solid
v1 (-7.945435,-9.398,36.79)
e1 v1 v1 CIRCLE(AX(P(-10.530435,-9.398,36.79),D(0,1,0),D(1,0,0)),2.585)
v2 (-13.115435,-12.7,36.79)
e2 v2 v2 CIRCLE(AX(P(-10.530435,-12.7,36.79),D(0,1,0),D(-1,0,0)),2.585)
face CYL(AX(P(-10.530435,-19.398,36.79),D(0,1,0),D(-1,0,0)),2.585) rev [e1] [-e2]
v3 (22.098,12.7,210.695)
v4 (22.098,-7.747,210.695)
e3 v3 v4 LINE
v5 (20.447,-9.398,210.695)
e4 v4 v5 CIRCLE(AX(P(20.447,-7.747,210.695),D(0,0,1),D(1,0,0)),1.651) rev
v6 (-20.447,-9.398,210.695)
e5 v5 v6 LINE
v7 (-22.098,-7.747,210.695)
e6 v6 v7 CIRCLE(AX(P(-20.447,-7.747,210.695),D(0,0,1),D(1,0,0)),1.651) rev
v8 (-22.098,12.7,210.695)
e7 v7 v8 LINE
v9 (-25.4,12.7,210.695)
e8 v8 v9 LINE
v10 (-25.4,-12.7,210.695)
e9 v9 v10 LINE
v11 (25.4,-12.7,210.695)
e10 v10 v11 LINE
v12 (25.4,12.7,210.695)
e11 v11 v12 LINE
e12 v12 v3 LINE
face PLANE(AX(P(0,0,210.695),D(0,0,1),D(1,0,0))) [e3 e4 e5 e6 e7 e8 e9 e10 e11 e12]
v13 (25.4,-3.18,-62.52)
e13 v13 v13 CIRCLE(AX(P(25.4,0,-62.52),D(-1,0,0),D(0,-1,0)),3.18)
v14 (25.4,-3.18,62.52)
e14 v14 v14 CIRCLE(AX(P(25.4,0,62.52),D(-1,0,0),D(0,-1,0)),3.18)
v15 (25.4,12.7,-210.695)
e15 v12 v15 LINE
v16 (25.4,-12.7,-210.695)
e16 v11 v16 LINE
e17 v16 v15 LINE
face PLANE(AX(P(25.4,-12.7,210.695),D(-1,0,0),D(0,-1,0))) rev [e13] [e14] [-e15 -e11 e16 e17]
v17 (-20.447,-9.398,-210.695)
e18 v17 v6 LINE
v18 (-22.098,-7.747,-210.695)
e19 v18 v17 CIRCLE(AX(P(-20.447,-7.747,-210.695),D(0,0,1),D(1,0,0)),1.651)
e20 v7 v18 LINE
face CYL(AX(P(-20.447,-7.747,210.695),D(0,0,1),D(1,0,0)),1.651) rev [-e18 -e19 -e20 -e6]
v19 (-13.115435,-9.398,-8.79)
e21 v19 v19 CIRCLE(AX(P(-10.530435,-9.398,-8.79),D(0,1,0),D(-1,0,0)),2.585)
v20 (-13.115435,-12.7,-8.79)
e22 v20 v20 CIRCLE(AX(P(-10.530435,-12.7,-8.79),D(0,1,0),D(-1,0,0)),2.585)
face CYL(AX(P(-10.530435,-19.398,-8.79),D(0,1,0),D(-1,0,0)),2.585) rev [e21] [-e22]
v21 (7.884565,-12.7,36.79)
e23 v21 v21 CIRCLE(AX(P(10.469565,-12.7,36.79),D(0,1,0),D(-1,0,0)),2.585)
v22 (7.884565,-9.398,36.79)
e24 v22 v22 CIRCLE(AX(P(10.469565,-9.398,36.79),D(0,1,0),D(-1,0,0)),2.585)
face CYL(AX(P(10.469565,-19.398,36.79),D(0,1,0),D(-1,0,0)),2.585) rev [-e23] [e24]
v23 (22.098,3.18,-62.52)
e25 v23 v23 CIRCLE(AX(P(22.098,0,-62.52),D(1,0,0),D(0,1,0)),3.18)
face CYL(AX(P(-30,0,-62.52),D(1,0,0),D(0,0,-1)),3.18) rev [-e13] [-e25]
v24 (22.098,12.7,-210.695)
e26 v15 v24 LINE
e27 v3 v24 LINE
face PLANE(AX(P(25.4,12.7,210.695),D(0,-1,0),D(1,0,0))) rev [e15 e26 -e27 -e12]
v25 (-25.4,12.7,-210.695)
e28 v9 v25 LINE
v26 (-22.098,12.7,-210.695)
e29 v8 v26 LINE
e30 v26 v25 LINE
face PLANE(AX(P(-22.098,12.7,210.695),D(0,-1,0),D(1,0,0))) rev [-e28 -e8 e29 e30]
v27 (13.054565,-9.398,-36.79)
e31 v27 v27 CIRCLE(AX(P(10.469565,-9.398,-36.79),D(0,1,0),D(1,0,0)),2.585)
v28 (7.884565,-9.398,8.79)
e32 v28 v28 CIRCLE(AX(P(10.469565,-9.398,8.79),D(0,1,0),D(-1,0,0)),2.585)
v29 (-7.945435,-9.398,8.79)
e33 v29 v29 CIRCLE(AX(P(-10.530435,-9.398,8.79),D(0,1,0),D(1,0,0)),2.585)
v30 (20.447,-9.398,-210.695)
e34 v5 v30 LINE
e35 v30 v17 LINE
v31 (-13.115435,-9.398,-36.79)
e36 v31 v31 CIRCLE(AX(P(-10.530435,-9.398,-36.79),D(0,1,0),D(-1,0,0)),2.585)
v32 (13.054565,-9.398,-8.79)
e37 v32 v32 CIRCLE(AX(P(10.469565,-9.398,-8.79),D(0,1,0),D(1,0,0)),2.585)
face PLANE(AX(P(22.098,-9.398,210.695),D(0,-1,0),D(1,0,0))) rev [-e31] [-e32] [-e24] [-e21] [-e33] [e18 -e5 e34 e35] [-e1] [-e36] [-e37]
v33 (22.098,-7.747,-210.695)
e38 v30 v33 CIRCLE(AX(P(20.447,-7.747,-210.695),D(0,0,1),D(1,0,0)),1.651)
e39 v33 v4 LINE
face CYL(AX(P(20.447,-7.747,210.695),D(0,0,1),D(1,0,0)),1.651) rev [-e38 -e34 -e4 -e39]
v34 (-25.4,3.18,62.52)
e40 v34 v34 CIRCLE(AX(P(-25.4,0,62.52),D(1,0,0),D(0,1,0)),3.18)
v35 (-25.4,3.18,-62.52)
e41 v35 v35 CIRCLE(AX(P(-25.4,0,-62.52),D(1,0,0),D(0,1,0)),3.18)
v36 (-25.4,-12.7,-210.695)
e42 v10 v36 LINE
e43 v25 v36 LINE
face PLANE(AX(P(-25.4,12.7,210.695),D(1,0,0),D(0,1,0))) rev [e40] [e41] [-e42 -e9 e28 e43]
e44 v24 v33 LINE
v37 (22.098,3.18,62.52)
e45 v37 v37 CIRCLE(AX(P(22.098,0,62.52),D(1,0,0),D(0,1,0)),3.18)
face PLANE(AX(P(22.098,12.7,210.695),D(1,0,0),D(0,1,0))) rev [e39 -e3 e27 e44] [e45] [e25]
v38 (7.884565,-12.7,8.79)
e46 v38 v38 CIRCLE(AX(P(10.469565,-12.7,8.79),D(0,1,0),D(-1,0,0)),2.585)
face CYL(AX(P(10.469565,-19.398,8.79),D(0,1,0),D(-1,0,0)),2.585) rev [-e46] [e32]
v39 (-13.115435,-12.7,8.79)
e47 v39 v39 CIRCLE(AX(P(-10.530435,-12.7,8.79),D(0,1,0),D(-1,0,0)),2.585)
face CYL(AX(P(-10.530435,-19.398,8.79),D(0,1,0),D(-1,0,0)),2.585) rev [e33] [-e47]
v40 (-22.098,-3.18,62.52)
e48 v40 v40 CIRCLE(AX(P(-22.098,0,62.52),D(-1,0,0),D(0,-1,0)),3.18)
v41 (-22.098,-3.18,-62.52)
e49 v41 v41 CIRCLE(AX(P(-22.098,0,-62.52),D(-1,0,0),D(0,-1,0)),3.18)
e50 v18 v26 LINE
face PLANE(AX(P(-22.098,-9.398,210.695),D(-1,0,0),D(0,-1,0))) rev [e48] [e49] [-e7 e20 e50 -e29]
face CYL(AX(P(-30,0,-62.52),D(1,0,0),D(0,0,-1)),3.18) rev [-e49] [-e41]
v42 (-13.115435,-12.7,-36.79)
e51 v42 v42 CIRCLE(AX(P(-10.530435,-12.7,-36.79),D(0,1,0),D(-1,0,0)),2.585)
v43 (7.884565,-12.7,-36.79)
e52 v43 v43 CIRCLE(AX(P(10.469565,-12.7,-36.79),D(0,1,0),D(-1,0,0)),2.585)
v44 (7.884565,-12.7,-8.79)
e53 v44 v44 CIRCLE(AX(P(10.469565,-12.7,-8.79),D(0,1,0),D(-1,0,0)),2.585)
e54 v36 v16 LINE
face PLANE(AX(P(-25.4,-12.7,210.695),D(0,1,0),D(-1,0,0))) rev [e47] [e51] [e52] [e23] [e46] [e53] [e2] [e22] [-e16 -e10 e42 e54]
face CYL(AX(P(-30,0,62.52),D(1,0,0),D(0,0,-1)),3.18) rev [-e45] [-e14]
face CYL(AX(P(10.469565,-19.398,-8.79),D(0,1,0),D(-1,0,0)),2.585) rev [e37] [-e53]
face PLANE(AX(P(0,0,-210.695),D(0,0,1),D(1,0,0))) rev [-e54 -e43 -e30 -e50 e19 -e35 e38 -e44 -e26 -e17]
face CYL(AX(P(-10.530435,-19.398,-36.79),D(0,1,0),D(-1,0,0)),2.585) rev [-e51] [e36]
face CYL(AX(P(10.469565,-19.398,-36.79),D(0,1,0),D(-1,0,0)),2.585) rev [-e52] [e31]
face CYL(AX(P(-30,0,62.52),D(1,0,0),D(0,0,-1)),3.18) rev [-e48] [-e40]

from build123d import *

# Parameters (mm, degrees)
BOSS_EXTRUDE1_DEPTH = 210.695
FILLET1_R           = 1.651
SKETCH4_R           = 2.585
CUT_EXTRUDE1_DEPTH  = 10
SKETCH9_R           = 3.18
CUT_EXTRUDE2_DEPTH  = 30


with BuildPart() as part:
    # Sketch3 → Boss-Extrude1 (new, symmetric)
    with BuildSketch(Plane.XY):
        Polygon((-25.4, 12.7), (-25.4, -12.7), (25.4, -12.7), (25.4, 12.7), (22.098, 12.7), (22.098, -9.398), (-22.098, -9.398), (-22.098, 12.7), align=None)
    extrude(amount=BOSS_EXTRUDE1_DEPTH, both=True)

    # Fillet1
    fillet1_edges = [part.edges().sort_by_distance(p)[0] for p in [
        (-22.098, -9.398, 0),
        (22.098, -9.398, 0),
    ]]
    fillet(fillet1_edges, radius=FILLET1_R)

    # Sketch4 → Cut-Extrude1 (cut)
    with BuildSketch(Plane(origin=(0, -9.398, 0), x_dir=(1, 0, 0), z_dir=(0, 1, 0))):
        with Locations(Location((-10.530435142, 8.79, 0), (0, 0, 180))):
            Circle(SKETCH4_R)
        with Locations(Location((10.469564858, 8.79, 0), (0, 0, 180))):
            Circle(SKETCH4_R)
        with Locations(Location((-10.530435142, 36.79, 0), (0, 0, 180))):
            Circle(SKETCH4_R)
        with Locations(Location((10.469564858, 36.79, 0), (0, 0, 180))):
            Circle(SKETCH4_R)
        with Locations(Location((-10.530435142, -36.79, 0), (0, 0, 180))):
            Circle(SKETCH4_R)
        with Locations(Location((10.469564858, -36.79, 0), (0, 0, 180))):
            Circle(SKETCH4_R)
        with Locations(Location((10.469564858, -8.79, 0), (0, 0, 180))):
            Circle(SKETCH4_R)
        with Locations(Location((-10.530435142, -8.79, 0), (0, 0, 180))):
            Circle(SKETCH4_R)
    extrude(amount=-CUT_EXTRUDE1_DEPTH, mode=Mode.SUBTRACT)

    # Sketch9 → Cut-Extrude2 (cut, symmetric)
    with BuildSketch(Plane(origin=(0, 0, 0), x_dir=(0, 0, -1), z_dir=(1, 0, 0))):
        with Locations(Location((-62.52, 0, 0), (0, 0, 270))):
            Circle(SKETCH9_R)
        with Locations(Location((62.52, 0, 0), (0, 0, 270))):
            Circle(SKETCH9_R)
    extrude(amount=CUT_EXTRUDE2_DEPTH, both=True, mode=Mode.SUBTRACT)


solid = part.part
